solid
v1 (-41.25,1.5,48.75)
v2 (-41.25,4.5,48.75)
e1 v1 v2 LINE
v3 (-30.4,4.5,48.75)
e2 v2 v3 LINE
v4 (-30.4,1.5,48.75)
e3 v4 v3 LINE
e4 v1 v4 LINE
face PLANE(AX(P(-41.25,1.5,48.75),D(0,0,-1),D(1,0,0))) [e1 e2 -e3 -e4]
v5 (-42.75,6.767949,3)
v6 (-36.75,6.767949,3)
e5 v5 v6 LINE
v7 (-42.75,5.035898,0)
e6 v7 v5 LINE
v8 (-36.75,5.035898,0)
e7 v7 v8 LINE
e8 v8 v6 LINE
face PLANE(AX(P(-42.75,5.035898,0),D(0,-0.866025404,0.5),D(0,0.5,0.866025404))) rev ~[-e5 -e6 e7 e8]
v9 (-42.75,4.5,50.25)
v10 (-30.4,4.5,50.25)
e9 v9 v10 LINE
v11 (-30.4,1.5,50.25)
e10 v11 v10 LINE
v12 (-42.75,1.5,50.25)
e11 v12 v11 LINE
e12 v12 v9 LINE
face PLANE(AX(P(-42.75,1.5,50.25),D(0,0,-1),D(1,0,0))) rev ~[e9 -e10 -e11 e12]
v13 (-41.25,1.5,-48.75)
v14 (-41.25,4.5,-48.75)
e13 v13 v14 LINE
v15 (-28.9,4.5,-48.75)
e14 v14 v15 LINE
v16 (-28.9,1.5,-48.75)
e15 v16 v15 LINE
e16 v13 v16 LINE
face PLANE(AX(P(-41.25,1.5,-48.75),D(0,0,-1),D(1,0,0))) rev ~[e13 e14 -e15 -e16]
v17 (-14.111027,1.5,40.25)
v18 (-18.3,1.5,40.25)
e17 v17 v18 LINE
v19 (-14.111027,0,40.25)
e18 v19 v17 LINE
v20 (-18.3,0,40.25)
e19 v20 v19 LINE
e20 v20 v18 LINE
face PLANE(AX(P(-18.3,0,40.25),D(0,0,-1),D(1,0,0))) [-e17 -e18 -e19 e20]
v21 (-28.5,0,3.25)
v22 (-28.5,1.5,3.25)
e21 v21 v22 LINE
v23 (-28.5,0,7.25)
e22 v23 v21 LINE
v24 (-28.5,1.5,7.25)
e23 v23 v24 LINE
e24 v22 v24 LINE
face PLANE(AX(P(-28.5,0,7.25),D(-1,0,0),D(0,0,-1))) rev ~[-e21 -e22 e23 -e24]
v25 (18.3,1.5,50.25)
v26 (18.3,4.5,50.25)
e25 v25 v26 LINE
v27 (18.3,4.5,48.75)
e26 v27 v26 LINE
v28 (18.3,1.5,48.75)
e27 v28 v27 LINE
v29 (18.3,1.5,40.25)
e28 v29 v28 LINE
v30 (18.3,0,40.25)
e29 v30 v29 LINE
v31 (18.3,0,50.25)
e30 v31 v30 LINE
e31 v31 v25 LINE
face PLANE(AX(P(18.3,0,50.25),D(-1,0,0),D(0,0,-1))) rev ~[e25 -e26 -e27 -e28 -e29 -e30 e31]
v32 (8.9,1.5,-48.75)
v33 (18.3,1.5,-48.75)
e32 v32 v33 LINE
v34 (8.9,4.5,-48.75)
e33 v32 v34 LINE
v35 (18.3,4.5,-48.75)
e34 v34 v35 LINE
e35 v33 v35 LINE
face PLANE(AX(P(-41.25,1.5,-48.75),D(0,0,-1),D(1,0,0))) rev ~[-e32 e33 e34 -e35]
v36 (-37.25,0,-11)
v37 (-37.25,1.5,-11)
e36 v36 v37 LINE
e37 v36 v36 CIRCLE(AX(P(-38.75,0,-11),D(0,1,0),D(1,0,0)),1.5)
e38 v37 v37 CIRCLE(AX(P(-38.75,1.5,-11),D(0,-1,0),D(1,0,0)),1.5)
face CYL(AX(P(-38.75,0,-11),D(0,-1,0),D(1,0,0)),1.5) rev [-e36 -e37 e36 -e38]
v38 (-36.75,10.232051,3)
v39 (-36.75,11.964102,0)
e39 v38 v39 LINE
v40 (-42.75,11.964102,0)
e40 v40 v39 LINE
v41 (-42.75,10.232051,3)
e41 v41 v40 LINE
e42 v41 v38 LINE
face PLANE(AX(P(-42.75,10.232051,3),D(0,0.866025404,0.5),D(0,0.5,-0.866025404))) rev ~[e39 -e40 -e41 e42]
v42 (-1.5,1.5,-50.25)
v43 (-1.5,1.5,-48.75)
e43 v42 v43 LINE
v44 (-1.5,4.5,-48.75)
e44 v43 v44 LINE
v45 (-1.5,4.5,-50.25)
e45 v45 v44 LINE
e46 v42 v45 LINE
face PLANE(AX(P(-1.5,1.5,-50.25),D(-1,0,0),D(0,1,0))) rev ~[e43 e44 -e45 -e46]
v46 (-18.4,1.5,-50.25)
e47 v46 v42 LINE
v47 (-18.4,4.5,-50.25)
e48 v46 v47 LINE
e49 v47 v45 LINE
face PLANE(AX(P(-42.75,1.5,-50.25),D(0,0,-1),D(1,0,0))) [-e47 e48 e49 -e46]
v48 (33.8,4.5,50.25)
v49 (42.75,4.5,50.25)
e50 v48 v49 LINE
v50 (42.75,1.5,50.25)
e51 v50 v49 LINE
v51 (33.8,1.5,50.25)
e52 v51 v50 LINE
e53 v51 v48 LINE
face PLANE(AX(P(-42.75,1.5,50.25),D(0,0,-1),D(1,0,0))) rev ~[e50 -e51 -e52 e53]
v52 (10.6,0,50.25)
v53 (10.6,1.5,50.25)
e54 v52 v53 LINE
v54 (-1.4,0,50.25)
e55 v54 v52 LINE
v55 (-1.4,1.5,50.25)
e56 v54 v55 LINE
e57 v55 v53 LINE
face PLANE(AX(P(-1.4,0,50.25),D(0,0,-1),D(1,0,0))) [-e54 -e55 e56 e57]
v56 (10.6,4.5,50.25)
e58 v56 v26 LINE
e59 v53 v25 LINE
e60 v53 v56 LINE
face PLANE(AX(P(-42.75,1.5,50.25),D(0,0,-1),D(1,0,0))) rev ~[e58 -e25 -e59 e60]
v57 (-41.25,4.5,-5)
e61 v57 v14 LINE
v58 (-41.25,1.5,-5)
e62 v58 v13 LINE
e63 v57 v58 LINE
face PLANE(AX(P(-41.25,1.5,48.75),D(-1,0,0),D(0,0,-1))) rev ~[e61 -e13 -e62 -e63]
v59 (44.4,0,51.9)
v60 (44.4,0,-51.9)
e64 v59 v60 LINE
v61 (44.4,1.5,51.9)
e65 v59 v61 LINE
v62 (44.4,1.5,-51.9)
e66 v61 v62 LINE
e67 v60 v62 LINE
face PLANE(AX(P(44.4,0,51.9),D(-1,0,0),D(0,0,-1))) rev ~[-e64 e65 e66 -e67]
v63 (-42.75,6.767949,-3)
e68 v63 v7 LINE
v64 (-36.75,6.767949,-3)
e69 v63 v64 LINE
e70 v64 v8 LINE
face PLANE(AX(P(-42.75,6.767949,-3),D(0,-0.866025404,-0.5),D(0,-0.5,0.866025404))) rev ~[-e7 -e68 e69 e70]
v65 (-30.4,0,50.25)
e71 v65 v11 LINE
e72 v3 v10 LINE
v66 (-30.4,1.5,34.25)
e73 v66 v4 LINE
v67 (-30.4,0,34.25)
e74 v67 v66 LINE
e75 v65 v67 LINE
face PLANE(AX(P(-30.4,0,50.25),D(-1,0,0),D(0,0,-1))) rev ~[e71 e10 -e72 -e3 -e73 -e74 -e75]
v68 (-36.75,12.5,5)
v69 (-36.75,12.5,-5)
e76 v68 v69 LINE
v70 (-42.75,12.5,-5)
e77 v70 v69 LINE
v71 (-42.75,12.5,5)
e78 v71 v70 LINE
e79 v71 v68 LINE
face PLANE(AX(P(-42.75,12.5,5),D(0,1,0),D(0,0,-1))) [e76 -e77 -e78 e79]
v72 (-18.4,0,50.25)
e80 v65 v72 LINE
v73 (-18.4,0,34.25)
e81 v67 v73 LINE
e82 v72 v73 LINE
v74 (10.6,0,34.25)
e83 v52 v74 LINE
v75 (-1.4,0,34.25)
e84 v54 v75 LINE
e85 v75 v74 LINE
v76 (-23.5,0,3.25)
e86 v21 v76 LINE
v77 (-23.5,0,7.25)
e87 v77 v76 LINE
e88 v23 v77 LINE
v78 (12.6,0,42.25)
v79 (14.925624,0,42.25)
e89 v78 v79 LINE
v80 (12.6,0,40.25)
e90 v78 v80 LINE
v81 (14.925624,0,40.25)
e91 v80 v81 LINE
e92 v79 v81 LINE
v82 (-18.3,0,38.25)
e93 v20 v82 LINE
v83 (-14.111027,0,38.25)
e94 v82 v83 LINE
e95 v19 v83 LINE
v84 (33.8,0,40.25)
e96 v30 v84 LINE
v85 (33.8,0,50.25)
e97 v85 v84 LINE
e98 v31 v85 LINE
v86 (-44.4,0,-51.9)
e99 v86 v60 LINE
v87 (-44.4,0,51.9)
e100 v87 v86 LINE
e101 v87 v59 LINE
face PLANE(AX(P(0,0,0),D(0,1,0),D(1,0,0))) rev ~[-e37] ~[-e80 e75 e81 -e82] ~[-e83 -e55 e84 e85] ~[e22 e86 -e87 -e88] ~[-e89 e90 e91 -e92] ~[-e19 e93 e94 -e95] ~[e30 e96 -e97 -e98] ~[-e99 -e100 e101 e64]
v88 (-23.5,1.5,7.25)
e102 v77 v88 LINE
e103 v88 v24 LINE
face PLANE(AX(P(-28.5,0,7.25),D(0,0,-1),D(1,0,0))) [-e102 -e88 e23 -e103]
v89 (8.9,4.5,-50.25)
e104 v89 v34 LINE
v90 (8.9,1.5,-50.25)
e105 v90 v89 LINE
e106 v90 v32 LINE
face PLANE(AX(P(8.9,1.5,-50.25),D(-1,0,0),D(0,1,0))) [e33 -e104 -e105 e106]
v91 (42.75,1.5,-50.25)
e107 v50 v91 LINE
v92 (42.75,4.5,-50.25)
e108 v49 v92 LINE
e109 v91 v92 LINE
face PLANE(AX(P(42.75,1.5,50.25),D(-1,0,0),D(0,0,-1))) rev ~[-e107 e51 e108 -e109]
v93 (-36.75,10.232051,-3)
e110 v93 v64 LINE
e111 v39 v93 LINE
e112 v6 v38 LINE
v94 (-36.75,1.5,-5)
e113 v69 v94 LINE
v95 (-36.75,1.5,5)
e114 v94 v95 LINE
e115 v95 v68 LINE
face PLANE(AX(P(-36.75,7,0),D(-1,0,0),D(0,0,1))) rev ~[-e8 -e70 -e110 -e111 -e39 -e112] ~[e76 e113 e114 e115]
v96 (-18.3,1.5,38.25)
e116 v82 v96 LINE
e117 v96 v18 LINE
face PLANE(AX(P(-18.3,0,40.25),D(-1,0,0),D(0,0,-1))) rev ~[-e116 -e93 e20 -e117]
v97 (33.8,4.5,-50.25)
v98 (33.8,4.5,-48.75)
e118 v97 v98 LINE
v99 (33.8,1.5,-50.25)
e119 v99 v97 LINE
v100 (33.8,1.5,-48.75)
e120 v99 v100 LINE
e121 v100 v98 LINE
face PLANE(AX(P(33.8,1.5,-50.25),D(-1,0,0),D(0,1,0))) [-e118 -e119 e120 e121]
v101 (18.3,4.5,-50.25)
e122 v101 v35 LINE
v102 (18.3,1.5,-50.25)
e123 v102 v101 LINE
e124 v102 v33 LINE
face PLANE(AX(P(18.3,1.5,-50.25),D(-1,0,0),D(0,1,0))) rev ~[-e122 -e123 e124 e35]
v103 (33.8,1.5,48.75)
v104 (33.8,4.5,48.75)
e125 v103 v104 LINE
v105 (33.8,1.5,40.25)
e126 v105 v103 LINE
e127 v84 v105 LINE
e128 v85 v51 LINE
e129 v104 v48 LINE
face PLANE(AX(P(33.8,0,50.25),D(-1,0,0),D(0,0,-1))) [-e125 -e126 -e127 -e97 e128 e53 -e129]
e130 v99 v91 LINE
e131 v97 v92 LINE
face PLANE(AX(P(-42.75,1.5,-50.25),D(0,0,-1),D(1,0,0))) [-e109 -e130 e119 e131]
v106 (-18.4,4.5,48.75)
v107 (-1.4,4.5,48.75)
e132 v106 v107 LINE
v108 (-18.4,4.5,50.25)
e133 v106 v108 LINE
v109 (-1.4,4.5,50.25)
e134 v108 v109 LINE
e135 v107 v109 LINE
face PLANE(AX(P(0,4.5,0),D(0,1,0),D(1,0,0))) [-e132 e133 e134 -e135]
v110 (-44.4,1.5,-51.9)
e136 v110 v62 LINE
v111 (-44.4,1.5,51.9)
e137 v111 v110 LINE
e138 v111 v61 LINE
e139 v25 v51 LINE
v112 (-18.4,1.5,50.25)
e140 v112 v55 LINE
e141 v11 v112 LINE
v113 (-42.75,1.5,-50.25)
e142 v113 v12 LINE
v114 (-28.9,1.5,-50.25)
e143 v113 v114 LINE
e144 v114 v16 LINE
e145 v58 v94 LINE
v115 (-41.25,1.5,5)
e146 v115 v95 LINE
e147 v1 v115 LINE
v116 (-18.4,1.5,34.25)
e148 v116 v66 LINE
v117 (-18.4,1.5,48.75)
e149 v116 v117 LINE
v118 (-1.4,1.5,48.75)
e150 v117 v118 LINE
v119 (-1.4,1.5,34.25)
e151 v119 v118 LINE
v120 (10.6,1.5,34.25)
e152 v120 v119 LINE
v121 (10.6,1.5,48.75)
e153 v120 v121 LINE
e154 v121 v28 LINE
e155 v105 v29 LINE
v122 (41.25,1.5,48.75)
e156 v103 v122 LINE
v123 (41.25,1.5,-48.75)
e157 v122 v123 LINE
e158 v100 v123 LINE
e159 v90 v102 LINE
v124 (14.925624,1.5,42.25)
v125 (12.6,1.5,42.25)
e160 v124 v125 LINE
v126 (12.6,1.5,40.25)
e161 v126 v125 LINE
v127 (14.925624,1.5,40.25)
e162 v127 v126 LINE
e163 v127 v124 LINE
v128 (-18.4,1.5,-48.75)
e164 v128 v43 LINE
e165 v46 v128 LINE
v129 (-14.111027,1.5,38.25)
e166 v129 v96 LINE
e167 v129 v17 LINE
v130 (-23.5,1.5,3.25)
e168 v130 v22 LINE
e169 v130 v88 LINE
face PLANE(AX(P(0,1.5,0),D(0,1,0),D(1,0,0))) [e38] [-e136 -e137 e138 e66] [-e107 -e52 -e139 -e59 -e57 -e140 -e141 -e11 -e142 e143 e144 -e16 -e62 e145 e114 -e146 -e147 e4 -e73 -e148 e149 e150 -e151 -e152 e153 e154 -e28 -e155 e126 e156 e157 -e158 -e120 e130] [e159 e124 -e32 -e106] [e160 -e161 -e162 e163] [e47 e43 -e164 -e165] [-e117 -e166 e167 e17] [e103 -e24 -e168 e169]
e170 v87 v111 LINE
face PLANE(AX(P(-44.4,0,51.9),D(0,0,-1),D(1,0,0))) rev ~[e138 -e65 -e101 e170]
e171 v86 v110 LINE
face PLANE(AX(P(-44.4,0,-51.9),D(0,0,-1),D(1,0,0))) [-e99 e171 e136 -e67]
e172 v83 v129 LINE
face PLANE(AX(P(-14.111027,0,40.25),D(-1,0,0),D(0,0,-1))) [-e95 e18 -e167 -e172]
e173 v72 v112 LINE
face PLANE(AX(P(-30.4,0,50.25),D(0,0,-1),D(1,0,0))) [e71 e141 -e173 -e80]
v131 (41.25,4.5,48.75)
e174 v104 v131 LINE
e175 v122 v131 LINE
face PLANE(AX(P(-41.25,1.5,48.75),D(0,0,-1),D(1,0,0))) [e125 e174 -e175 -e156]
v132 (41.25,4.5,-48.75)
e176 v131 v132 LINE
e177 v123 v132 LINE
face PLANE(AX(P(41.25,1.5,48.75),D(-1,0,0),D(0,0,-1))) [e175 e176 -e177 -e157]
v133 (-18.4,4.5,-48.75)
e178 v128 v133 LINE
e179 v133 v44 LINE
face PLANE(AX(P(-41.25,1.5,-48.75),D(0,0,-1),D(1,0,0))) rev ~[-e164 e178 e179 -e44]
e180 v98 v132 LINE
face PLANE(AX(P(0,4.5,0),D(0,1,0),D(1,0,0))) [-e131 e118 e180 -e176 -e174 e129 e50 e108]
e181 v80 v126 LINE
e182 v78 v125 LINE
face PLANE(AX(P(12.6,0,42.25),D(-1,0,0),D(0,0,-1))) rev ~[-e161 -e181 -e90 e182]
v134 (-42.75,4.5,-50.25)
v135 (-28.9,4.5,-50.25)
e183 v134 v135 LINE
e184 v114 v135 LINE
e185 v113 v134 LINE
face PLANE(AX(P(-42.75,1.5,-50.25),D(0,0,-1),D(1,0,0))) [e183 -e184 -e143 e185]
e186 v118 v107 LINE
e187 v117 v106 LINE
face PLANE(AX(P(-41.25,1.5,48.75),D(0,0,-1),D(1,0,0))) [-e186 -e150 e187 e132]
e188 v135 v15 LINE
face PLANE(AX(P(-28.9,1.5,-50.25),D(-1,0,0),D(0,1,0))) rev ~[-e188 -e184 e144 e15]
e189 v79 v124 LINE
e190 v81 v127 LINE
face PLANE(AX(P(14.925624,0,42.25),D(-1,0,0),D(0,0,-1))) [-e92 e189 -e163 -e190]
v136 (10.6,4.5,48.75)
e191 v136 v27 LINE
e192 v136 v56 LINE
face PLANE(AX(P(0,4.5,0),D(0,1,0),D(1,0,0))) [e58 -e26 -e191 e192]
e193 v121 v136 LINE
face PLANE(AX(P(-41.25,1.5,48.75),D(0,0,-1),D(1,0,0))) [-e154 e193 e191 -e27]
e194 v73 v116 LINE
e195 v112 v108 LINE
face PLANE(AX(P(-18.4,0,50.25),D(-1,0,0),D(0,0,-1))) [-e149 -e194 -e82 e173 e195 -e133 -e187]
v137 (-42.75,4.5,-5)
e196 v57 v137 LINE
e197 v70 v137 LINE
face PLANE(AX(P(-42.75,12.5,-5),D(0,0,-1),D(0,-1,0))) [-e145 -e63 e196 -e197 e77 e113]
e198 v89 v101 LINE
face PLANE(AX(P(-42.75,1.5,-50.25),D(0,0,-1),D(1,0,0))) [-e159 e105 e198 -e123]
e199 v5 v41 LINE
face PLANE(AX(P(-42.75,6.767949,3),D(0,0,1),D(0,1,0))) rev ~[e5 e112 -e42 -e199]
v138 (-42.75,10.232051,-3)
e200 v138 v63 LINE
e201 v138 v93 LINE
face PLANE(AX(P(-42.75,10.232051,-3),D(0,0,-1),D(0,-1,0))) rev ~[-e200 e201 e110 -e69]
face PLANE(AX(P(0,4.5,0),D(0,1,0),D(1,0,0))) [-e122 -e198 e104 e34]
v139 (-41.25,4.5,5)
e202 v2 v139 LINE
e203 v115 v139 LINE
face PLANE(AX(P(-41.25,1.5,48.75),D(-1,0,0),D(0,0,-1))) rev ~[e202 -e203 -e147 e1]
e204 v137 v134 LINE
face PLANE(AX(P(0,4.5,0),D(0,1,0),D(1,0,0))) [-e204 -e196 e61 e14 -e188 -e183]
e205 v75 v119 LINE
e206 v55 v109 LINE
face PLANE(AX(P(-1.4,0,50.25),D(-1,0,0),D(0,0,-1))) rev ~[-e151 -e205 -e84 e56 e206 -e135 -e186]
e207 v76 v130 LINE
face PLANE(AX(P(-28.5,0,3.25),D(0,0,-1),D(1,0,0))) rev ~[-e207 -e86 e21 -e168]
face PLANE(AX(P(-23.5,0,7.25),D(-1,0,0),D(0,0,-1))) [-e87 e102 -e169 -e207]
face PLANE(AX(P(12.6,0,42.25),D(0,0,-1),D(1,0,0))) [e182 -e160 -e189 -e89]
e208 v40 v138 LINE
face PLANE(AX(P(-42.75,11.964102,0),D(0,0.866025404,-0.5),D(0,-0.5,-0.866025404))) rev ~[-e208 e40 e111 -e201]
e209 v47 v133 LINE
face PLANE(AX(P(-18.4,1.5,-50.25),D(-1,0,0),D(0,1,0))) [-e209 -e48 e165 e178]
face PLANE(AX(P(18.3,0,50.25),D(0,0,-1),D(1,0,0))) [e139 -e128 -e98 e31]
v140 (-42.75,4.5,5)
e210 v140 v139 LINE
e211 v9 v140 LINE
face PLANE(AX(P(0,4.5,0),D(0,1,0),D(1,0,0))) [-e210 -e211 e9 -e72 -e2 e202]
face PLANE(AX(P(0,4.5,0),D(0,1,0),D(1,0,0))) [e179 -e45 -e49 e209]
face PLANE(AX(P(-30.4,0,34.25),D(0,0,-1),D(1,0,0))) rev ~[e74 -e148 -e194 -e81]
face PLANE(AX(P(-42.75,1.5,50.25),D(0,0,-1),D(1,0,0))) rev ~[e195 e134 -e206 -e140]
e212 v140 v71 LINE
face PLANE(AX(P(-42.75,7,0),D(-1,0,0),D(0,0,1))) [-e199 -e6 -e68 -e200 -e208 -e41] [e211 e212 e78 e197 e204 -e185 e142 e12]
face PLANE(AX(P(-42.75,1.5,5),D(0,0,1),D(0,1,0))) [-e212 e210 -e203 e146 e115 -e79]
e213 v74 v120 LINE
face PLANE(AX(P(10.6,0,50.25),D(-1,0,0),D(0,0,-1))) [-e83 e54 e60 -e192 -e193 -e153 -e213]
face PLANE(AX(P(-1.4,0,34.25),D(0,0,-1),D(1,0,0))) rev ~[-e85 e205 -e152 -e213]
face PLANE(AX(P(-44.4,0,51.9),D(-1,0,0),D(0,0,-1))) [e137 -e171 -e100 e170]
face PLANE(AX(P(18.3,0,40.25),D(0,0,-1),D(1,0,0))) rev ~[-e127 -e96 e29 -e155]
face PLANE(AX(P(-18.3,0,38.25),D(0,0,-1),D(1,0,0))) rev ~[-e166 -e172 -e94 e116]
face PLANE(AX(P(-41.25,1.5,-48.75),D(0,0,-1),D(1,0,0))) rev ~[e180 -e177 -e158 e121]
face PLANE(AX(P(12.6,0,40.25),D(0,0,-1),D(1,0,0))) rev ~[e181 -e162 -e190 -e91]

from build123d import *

# Parameters (mm, degrees)
SKETCH_1_W          = 88.8
SKETCH_1_H          = 103.8
EXTRUDE_1_DEPTH     = 1.5
SKETCH_2_W          = 85.5
SKETCH_2_H          = 100.5
SKETCH_2_W_2        = 82.5
SKETCH_2_H_2        = 97.5
EXTRUDE_2_DEPTH     = 3
EXTRUDE_3_DEPTH     = 6
SKETCH_6_W          = 10.5
SKETCH_6_H          = 6
SKETCH_6_W_2        = 15.5
SKETCH_6_W_3        = 10.4
CUT_EXTRUDE_2_DEPTH = 1.5
SKETCH_7_R          = 1.5
SKETCH_7_W          = 15.5
SKETCH_7_H          = 10
SKETCH_7_W_2        = 12
SKETCH_7_H_2        = 16
SKETCH_7_W_3        = 2.325623679
SKETCH_7_H_3        = 2
SKETCH_7_W_4        = 4.188972838
SKETCH_7_W_5        = 5
SKETCH_7_H_4        = 4
CUT_EXTRUDE_5_DEPTH = 10


with BuildPart() as part:
    # 草图1 → 凸台-拉伸1 (new body)
    with BuildSketch(Plane(origin=(0, 0, 0), x_dir=(1, 0, 0), z_dir=(0, 1, 0))):
        Rectangle(SKETCH_1_W, SKETCH_1_H)
    extrude(amount=EXTRUDE_1_DEPTH)

    # 草图2 → 凸台-拉伸2 (add)
    with BuildSketch(Plane(origin=(0, 1.5, 0), x_dir=(1, 0, 0), z_dir=(0, 1, 0))):
        Rectangle(SKETCH_2_W, SKETCH_2_H)
        Rectangle(SKETCH_2_W_2, SKETCH_2_H_2, mode=Mode.SUBTRACT)
    extrude(amount=EXTRUDE_2_DEPTH)

    # 草图3 → 凸台-拉伸3 (add)
    with BuildSketch(Plane.ZY.offset(42.75)):
        Polygon((5, 12.5), (-5, 12.5), (-5, 4.5), (-5, 1.5), (5, 1.5), (5, 4.5), align=None)
        Polygon((0, 11.964101615), (-3, 10.232050808), (-3, 6.767949192), (0, 5.035898385), (3, 6.767949192), (3, 10.232050808), align=None, mode=Mode.SUBTRACT)
    extrude(amount=-EXTRUDE_3_DEPTH)

    # 草图6 → 切除-拉伸2 (cut)
    with BuildSketch(Plane(origin=(0, 0, -50.25), x_dir=(-1, 0, 0), z_dir=(0, 0, -1))):
        with Locations((23.65, 4.5)):
            Rectangle(SKETCH_6_W, SKETCH_6_H)
        with Locations((-26.05, 4.5)):
            Rectangle(SKETCH_6_W_2, SKETCH_6_H)
        with Locations((-3.7, 4.5)):
            Rectangle(SKETCH_6_W_3, SKETCH_6_H)
    extrude(amount=-CUT_EXTRUDE_2_DEPTH, mode=Mode.SUBTRACT)

    # 草图7 → 切除-拉伸5 (cut)
    with BuildSketch(Plane(origin=(0, 0, 0), x_dir=(1, 0, 0), z_dir=(0, 1, 0))):
        with Locations((-38.75, 11)):
            Circle(SKETCH_7_R)
        with Locations((26.05, -45.25)):
            Rectangle(SKETCH_7_W, SKETCH_7_H)
        with Locations((4.6, -42.25)):
            Rectangle(SKETCH_7_W_2, SKETCH_7_H_2)
        with Locations((-24.4, -42.25)):
            Rectangle(SKETCH_7_W_2, SKETCH_7_H_2)
        with Locations((13.76281184, -41.25)):
            Rectangle(SKETCH_7_W_3, SKETCH_7_H_3)
        with Locations((-16.205513581, -39.25)):
            Rectangle(SKETCH_7_W_4, SKETCH_7_H_3)
        with Locations((-26, -5.25)):
            Rectangle(SKETCH_7_W_5, SKETCH_7_H_4)
    extrude(amount=CUT_EXTRUDE_5_DEPTH, mode=Mode.SUBTRACT)


solid = part.part
